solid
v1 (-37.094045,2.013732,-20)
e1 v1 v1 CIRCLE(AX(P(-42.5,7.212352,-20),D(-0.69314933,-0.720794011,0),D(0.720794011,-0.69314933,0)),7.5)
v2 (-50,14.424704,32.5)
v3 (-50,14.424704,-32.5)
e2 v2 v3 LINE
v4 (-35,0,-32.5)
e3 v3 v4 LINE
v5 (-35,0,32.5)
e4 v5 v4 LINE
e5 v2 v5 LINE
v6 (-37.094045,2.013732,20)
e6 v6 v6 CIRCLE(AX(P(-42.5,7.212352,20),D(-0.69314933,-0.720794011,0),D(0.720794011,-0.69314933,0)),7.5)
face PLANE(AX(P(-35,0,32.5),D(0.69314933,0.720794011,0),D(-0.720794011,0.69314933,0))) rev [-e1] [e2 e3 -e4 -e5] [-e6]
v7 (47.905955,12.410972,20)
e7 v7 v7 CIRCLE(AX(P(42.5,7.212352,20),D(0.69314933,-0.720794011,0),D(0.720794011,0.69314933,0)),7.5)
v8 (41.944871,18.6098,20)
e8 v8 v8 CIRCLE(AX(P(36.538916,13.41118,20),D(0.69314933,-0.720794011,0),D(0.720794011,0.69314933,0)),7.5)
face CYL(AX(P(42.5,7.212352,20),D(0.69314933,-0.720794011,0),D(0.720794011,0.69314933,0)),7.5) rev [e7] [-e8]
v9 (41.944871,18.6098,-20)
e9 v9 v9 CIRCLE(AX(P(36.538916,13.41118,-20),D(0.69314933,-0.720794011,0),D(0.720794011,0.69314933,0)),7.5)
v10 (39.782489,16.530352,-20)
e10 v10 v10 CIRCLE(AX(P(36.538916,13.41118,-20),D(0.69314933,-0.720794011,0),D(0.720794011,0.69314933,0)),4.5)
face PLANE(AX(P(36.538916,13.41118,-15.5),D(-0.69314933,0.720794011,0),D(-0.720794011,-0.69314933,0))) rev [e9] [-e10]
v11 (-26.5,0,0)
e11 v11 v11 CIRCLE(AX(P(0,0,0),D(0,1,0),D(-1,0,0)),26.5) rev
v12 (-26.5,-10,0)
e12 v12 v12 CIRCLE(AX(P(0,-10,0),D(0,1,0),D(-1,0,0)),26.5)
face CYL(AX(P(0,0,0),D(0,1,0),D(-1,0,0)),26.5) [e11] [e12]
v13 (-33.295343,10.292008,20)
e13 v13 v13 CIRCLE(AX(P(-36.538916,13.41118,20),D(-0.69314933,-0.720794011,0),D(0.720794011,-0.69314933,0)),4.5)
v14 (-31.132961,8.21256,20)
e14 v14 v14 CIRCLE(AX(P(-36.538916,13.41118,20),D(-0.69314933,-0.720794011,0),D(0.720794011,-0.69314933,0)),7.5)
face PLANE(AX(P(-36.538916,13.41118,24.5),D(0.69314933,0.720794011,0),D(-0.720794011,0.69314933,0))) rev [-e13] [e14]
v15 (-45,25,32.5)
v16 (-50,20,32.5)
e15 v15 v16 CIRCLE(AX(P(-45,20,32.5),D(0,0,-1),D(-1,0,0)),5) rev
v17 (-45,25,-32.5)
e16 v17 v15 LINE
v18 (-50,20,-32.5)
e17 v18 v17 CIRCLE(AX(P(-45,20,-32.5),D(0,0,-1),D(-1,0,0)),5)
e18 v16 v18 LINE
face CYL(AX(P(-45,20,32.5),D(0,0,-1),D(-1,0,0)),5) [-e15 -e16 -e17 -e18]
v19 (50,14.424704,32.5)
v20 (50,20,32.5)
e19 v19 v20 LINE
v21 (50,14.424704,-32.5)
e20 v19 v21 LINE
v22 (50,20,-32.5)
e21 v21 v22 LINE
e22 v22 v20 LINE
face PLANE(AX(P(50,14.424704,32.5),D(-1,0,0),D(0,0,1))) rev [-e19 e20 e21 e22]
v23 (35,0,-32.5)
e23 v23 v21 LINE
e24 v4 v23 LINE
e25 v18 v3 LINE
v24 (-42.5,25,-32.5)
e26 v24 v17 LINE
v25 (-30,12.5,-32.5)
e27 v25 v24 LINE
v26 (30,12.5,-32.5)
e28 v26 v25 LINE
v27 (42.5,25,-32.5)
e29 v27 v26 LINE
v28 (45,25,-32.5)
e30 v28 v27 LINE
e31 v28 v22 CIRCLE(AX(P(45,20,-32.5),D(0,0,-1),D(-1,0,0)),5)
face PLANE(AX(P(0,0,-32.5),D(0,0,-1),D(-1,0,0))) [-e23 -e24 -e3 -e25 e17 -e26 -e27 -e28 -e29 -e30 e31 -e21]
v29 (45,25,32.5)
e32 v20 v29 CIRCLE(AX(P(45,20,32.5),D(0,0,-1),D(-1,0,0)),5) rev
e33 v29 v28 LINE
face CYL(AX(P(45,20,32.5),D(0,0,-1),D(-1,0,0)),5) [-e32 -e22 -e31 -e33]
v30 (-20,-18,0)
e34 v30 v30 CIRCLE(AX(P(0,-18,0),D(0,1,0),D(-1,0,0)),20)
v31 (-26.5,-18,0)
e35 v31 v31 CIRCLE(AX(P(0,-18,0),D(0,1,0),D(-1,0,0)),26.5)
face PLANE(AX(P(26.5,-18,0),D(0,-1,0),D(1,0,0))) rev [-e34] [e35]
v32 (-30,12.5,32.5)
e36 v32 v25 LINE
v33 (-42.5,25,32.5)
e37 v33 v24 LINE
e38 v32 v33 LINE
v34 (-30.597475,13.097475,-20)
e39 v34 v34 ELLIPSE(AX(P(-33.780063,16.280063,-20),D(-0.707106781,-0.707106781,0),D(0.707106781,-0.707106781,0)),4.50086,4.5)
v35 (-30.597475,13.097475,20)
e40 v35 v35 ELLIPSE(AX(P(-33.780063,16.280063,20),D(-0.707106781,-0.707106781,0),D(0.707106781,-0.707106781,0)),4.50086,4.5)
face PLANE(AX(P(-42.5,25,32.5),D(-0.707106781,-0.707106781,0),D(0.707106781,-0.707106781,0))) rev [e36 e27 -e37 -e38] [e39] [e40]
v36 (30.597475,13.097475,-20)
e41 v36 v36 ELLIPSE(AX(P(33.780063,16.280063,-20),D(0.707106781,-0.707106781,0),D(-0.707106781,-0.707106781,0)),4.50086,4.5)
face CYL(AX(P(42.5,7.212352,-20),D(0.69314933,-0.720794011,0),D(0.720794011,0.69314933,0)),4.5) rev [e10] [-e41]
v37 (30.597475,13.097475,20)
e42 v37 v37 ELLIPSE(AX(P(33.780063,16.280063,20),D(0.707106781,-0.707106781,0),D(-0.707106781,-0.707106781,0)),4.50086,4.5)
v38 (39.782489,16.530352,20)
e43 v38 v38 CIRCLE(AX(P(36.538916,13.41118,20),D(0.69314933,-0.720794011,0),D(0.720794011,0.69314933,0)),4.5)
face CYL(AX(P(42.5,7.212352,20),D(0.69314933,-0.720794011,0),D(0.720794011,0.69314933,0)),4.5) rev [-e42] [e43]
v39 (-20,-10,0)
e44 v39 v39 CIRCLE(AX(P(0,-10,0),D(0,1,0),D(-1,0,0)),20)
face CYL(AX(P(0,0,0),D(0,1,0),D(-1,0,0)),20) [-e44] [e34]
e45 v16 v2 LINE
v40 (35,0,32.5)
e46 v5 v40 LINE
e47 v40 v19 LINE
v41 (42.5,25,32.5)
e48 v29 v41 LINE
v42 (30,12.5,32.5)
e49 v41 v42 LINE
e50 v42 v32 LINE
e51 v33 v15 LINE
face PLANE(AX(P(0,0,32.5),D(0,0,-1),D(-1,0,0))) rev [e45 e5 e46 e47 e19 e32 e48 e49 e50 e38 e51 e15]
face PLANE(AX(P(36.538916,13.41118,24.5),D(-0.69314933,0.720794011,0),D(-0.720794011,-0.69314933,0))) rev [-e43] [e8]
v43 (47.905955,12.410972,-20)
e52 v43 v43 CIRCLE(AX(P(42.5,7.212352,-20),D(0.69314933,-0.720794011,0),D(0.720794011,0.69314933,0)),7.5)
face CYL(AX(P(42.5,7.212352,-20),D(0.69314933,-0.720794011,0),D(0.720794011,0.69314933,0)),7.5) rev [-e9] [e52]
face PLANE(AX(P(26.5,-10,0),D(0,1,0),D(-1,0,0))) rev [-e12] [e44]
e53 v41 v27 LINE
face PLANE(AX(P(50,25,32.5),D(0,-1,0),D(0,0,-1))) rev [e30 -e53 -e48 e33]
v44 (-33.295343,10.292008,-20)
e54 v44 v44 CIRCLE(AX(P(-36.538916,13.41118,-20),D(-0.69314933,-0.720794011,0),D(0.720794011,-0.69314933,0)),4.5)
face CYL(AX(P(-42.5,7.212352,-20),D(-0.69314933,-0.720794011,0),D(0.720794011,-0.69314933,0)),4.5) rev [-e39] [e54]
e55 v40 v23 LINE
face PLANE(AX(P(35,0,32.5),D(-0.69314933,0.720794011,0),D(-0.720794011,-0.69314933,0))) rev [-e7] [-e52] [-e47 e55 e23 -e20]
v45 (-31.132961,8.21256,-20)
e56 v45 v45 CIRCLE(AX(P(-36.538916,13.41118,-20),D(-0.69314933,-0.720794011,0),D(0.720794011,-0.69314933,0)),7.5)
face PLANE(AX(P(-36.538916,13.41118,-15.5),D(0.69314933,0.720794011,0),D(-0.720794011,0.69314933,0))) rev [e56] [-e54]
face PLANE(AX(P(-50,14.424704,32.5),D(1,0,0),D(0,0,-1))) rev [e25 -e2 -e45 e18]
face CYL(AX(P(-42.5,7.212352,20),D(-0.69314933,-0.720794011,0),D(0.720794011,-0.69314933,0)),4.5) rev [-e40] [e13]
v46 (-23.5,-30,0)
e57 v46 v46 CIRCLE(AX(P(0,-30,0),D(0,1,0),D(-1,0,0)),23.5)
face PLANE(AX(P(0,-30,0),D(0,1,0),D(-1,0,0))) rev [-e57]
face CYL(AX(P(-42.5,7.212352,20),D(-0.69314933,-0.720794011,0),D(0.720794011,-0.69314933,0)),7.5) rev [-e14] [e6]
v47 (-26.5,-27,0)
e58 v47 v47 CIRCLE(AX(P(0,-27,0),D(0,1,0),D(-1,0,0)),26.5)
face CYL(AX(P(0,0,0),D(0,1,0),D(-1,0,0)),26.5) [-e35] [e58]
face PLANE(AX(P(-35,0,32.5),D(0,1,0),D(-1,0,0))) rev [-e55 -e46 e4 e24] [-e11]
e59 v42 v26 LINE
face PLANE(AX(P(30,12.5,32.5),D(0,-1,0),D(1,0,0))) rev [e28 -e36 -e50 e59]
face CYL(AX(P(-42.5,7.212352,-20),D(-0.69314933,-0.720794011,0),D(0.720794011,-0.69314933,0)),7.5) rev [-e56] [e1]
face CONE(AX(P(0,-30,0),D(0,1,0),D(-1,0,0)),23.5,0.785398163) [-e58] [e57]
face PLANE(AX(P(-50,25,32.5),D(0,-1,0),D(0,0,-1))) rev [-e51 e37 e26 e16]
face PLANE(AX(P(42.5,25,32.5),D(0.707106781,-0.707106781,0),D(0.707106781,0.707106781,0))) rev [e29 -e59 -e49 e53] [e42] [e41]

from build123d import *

# Parameters (mm, degrees)
BOSS_EXTRUDE1_DEPTH                                 = 32.5
CBORE_FOR_M8_HEX_SOCKET_HEAD_CAP_SCREW1_D           = 9
CBORE_FOR_M8_HEX_SOCKET_HEAD_CAP_SCREW1_CBORE_D     = 15
CBORE_FOR_M8_HEX_SOCKET_HEAD_CAP_SCREW1_CBORE_DEPTH = 8.6
FILLET1_R                                           = 5


with BuildPart() as part:
    # Sketch1 → Boss-Extrude1 (new body, symmetric)
    with BuildSketch(Plane.XY):
        Polygon((-35, 0), (35, 0), (50, 14.424703588), (50, 25), (42.5, 25), (30, 12.5), (-30, 12.5), (-42.5, 25), (-50, 25), (-50, 14.424703588), align=None)
    extrude(amount=BOSS_EXTRUDE1_DEPTH, both=True)

    # Sketch2 → Revolve1 (revolve)
    with BuildSketch(Plane.XY):
        Polygon((23.5, -30), (26.5, -27), (26.5, -18), (20, -18), (20, -10), (26.5, -10), (26.5, 0), (0, 0), (0, -30), align=None)
    revolve(axis=Axis((0, 0, 0), (0, -1, 0)))

    # CBORE for M8 Hex Socket Head Cap Screw1 (through all)
    with Locations(Plane(origin=(16.815959791, -17.486626004, 0), x_dir=(-0.720794011, -0.69314933, 0), z_dir=(0.69314933, -0.720794011, 0))):
        with Locations((-35.632982274, -20), (-35.632982274, 20)):
            cbore_for_m8_hex_socket_head_cap_screw1 = CounterBoreHole(CBORE_FOR_M8_HEX_SOCKET_HEAD_CAP_SCREW1_D / 2, CBORE_FOR_M8_HEX_SOCKET_HEAD_CAP_SCREW1_CBORE_D / 2, CBORE_FOR_M8_HEX_SOCKET_HEAD_CAP_SCREW1_CBORE_DEPTH)

    # Mirror1: CBORE for M8 Hex Socket Head Cap Screw1 across plane
    add(cbore_for_m8_hex_socket_head_cap_screw1.mirror(Plane(origin=(0, 0, 0), x_dir=(0, 0, 1), z_dir=(1, 0, 0))), mode=Mode.SUBTRACT)

    # Fillet1
    fillet1_edges = [part.edges().sort_by_distance(p)[0] for p in [
        (50, 25, 0),
        (-50, 25, 0),
    ]]
    fillet(fillet1_edges, radius=FILLET1_R)


solid = part.part
